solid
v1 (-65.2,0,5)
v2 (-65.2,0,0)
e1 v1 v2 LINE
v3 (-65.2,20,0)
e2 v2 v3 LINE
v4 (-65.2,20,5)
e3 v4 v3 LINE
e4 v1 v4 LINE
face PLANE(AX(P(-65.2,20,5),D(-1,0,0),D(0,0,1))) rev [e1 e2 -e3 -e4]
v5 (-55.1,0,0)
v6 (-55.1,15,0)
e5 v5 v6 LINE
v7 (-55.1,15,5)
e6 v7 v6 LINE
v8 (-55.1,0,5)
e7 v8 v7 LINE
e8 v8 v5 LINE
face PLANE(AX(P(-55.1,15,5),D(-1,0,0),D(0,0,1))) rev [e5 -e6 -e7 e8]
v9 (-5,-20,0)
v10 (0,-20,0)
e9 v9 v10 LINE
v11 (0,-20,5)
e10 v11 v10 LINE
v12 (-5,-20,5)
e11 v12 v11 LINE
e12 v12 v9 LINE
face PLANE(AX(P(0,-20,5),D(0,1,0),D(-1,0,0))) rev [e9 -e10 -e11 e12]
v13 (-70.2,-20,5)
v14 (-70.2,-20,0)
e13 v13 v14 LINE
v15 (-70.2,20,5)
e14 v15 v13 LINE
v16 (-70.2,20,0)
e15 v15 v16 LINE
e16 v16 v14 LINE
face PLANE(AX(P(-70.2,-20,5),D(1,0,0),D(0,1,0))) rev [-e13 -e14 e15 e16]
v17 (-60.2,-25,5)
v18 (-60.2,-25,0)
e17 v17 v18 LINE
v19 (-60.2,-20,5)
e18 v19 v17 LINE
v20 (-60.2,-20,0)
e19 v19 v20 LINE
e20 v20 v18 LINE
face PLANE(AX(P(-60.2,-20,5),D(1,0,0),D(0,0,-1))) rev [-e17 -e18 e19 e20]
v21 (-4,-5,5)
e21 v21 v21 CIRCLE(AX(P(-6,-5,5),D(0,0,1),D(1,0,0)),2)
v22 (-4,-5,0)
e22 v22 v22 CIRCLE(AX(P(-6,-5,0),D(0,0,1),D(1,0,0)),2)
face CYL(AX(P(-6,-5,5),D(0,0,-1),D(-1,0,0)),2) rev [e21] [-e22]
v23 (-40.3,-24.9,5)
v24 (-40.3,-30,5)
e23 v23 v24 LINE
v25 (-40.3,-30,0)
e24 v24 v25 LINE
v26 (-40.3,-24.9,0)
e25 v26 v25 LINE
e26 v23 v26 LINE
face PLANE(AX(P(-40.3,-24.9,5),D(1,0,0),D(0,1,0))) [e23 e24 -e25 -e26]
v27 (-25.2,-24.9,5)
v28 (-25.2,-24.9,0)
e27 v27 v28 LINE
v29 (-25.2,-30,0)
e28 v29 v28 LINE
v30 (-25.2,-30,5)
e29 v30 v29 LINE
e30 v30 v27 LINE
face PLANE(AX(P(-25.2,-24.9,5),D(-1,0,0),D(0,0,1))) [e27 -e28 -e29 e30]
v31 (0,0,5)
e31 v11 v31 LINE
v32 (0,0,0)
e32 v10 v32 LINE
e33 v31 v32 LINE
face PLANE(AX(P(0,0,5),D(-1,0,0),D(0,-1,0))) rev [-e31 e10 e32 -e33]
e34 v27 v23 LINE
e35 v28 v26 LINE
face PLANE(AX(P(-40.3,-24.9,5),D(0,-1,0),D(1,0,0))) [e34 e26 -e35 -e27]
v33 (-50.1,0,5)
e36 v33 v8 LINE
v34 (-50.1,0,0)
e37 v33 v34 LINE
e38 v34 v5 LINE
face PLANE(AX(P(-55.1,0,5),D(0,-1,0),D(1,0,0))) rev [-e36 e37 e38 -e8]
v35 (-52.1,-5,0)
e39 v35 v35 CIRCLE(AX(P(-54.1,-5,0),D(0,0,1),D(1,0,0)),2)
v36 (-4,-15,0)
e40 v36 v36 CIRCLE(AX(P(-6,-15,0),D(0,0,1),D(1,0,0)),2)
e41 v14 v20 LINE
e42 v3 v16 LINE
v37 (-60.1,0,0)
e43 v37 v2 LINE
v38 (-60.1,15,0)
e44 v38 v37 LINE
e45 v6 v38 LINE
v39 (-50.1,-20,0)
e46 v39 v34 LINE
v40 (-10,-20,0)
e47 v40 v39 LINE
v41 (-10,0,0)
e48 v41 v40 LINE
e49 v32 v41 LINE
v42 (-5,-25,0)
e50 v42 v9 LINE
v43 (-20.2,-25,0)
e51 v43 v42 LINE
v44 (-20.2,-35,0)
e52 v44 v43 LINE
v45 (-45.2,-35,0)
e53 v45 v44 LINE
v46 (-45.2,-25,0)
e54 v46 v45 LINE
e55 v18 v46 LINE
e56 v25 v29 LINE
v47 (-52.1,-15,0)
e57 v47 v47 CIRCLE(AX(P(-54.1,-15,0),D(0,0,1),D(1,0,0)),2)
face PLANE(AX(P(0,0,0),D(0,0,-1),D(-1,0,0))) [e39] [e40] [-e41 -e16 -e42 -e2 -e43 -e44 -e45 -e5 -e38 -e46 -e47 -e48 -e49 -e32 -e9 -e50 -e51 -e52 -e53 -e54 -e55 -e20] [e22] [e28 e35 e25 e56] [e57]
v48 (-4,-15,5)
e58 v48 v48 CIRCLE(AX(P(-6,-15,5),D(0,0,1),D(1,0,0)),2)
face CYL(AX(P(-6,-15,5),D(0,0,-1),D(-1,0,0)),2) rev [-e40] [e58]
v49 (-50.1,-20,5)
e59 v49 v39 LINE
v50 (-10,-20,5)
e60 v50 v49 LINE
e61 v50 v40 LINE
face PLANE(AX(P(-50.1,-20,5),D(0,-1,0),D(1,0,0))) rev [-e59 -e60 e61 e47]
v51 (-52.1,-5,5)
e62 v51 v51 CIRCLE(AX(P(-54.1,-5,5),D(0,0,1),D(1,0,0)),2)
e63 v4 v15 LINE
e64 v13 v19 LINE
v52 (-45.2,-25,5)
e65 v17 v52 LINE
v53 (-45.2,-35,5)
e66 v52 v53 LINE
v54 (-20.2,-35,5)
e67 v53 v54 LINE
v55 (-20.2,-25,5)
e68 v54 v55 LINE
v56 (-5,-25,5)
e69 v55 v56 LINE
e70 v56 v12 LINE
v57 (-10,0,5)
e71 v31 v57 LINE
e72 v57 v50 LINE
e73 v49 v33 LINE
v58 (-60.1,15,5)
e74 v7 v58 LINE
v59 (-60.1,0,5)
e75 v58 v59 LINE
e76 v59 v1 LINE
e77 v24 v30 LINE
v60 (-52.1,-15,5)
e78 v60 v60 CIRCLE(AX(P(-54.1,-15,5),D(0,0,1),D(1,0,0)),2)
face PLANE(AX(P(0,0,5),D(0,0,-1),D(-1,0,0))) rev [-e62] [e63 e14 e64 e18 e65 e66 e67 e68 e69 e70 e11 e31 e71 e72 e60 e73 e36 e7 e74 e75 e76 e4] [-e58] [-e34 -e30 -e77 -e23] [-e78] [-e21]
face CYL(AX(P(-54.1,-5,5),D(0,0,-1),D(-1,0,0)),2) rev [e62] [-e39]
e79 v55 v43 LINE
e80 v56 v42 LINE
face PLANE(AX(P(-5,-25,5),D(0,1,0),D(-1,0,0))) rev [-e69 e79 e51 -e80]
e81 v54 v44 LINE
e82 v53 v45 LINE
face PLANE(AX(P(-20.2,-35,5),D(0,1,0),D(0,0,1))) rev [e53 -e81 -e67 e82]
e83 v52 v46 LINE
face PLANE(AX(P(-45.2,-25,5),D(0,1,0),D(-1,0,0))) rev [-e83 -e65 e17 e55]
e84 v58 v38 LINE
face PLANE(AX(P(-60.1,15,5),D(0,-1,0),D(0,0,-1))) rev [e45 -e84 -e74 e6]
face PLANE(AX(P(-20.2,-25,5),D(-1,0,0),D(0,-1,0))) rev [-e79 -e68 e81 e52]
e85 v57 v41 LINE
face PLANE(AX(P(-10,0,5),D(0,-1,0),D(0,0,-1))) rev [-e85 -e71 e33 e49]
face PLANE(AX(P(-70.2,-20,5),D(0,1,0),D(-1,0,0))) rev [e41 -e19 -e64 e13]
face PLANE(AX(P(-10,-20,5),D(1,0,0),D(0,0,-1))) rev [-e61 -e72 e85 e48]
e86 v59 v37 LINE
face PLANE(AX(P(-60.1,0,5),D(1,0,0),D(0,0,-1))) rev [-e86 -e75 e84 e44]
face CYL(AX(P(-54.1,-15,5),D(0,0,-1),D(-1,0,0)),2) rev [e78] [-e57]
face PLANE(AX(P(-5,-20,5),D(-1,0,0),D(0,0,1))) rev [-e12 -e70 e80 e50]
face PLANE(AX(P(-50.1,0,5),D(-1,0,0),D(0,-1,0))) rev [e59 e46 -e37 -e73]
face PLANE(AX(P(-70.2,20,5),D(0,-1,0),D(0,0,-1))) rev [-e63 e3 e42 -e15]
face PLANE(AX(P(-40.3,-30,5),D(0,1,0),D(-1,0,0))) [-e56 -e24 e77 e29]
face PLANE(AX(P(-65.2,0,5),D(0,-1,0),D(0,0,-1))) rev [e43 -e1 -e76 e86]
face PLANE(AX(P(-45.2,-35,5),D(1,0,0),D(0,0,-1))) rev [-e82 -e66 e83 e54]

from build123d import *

# Parameters (mm, degrees)
SKETCH1_R           = 2
SKETCH1_W           = 15.1
SKETCH1_H           = 5.1
BOSS_EXTRUDE1_DEPTH = 5


with BuildPart() as part:
    # Sketch1 → Boss-Extrude1 (new body)
    with BuildSketch(Plane.XY):
        Polygon((-70.2, 20), (-65.2, 20), (-65.2, 0), (-60.1, 0), (-60.1, 15), (-55.1, 15), (-55.1, 0), (-50.1, 0), (-50.1, -20), (-10, -20), (-10, 0), (0, 0), (0, -20), (-5, -20), (-5, -25), (-20.2, -25), (-20.2, -35), (-45.2, -35), (-45.2, -25), (-60.2, -25), (-60.2, -20), (-70.2, -20), align=None)
        with Locations((-54.1, -5)):
            Circle(SKETCH1_R, mode=Mode.SUBTRACT)
        with Locations((-54.1, -15)):
            Circle(SKETCH1_R, mode=Mode.SUBTRACT)
        with Locations((-6, -5)):
            Circle(SKETCH1_R, mode=Mode.SUBTRACT)
        with Locations((-6, -15)):
            Circle(SKETCH1_R, mode=Mode.SUBTRACT)
        with Locations((-32.75, -27.45)):
            Rectangle(SKETCH1_W, SKETCH1_H, mode=Mode.SUBTRACT)
    extrude(amount=BOSS_EXTRUDE1_DEPTH)


solid = part.part
